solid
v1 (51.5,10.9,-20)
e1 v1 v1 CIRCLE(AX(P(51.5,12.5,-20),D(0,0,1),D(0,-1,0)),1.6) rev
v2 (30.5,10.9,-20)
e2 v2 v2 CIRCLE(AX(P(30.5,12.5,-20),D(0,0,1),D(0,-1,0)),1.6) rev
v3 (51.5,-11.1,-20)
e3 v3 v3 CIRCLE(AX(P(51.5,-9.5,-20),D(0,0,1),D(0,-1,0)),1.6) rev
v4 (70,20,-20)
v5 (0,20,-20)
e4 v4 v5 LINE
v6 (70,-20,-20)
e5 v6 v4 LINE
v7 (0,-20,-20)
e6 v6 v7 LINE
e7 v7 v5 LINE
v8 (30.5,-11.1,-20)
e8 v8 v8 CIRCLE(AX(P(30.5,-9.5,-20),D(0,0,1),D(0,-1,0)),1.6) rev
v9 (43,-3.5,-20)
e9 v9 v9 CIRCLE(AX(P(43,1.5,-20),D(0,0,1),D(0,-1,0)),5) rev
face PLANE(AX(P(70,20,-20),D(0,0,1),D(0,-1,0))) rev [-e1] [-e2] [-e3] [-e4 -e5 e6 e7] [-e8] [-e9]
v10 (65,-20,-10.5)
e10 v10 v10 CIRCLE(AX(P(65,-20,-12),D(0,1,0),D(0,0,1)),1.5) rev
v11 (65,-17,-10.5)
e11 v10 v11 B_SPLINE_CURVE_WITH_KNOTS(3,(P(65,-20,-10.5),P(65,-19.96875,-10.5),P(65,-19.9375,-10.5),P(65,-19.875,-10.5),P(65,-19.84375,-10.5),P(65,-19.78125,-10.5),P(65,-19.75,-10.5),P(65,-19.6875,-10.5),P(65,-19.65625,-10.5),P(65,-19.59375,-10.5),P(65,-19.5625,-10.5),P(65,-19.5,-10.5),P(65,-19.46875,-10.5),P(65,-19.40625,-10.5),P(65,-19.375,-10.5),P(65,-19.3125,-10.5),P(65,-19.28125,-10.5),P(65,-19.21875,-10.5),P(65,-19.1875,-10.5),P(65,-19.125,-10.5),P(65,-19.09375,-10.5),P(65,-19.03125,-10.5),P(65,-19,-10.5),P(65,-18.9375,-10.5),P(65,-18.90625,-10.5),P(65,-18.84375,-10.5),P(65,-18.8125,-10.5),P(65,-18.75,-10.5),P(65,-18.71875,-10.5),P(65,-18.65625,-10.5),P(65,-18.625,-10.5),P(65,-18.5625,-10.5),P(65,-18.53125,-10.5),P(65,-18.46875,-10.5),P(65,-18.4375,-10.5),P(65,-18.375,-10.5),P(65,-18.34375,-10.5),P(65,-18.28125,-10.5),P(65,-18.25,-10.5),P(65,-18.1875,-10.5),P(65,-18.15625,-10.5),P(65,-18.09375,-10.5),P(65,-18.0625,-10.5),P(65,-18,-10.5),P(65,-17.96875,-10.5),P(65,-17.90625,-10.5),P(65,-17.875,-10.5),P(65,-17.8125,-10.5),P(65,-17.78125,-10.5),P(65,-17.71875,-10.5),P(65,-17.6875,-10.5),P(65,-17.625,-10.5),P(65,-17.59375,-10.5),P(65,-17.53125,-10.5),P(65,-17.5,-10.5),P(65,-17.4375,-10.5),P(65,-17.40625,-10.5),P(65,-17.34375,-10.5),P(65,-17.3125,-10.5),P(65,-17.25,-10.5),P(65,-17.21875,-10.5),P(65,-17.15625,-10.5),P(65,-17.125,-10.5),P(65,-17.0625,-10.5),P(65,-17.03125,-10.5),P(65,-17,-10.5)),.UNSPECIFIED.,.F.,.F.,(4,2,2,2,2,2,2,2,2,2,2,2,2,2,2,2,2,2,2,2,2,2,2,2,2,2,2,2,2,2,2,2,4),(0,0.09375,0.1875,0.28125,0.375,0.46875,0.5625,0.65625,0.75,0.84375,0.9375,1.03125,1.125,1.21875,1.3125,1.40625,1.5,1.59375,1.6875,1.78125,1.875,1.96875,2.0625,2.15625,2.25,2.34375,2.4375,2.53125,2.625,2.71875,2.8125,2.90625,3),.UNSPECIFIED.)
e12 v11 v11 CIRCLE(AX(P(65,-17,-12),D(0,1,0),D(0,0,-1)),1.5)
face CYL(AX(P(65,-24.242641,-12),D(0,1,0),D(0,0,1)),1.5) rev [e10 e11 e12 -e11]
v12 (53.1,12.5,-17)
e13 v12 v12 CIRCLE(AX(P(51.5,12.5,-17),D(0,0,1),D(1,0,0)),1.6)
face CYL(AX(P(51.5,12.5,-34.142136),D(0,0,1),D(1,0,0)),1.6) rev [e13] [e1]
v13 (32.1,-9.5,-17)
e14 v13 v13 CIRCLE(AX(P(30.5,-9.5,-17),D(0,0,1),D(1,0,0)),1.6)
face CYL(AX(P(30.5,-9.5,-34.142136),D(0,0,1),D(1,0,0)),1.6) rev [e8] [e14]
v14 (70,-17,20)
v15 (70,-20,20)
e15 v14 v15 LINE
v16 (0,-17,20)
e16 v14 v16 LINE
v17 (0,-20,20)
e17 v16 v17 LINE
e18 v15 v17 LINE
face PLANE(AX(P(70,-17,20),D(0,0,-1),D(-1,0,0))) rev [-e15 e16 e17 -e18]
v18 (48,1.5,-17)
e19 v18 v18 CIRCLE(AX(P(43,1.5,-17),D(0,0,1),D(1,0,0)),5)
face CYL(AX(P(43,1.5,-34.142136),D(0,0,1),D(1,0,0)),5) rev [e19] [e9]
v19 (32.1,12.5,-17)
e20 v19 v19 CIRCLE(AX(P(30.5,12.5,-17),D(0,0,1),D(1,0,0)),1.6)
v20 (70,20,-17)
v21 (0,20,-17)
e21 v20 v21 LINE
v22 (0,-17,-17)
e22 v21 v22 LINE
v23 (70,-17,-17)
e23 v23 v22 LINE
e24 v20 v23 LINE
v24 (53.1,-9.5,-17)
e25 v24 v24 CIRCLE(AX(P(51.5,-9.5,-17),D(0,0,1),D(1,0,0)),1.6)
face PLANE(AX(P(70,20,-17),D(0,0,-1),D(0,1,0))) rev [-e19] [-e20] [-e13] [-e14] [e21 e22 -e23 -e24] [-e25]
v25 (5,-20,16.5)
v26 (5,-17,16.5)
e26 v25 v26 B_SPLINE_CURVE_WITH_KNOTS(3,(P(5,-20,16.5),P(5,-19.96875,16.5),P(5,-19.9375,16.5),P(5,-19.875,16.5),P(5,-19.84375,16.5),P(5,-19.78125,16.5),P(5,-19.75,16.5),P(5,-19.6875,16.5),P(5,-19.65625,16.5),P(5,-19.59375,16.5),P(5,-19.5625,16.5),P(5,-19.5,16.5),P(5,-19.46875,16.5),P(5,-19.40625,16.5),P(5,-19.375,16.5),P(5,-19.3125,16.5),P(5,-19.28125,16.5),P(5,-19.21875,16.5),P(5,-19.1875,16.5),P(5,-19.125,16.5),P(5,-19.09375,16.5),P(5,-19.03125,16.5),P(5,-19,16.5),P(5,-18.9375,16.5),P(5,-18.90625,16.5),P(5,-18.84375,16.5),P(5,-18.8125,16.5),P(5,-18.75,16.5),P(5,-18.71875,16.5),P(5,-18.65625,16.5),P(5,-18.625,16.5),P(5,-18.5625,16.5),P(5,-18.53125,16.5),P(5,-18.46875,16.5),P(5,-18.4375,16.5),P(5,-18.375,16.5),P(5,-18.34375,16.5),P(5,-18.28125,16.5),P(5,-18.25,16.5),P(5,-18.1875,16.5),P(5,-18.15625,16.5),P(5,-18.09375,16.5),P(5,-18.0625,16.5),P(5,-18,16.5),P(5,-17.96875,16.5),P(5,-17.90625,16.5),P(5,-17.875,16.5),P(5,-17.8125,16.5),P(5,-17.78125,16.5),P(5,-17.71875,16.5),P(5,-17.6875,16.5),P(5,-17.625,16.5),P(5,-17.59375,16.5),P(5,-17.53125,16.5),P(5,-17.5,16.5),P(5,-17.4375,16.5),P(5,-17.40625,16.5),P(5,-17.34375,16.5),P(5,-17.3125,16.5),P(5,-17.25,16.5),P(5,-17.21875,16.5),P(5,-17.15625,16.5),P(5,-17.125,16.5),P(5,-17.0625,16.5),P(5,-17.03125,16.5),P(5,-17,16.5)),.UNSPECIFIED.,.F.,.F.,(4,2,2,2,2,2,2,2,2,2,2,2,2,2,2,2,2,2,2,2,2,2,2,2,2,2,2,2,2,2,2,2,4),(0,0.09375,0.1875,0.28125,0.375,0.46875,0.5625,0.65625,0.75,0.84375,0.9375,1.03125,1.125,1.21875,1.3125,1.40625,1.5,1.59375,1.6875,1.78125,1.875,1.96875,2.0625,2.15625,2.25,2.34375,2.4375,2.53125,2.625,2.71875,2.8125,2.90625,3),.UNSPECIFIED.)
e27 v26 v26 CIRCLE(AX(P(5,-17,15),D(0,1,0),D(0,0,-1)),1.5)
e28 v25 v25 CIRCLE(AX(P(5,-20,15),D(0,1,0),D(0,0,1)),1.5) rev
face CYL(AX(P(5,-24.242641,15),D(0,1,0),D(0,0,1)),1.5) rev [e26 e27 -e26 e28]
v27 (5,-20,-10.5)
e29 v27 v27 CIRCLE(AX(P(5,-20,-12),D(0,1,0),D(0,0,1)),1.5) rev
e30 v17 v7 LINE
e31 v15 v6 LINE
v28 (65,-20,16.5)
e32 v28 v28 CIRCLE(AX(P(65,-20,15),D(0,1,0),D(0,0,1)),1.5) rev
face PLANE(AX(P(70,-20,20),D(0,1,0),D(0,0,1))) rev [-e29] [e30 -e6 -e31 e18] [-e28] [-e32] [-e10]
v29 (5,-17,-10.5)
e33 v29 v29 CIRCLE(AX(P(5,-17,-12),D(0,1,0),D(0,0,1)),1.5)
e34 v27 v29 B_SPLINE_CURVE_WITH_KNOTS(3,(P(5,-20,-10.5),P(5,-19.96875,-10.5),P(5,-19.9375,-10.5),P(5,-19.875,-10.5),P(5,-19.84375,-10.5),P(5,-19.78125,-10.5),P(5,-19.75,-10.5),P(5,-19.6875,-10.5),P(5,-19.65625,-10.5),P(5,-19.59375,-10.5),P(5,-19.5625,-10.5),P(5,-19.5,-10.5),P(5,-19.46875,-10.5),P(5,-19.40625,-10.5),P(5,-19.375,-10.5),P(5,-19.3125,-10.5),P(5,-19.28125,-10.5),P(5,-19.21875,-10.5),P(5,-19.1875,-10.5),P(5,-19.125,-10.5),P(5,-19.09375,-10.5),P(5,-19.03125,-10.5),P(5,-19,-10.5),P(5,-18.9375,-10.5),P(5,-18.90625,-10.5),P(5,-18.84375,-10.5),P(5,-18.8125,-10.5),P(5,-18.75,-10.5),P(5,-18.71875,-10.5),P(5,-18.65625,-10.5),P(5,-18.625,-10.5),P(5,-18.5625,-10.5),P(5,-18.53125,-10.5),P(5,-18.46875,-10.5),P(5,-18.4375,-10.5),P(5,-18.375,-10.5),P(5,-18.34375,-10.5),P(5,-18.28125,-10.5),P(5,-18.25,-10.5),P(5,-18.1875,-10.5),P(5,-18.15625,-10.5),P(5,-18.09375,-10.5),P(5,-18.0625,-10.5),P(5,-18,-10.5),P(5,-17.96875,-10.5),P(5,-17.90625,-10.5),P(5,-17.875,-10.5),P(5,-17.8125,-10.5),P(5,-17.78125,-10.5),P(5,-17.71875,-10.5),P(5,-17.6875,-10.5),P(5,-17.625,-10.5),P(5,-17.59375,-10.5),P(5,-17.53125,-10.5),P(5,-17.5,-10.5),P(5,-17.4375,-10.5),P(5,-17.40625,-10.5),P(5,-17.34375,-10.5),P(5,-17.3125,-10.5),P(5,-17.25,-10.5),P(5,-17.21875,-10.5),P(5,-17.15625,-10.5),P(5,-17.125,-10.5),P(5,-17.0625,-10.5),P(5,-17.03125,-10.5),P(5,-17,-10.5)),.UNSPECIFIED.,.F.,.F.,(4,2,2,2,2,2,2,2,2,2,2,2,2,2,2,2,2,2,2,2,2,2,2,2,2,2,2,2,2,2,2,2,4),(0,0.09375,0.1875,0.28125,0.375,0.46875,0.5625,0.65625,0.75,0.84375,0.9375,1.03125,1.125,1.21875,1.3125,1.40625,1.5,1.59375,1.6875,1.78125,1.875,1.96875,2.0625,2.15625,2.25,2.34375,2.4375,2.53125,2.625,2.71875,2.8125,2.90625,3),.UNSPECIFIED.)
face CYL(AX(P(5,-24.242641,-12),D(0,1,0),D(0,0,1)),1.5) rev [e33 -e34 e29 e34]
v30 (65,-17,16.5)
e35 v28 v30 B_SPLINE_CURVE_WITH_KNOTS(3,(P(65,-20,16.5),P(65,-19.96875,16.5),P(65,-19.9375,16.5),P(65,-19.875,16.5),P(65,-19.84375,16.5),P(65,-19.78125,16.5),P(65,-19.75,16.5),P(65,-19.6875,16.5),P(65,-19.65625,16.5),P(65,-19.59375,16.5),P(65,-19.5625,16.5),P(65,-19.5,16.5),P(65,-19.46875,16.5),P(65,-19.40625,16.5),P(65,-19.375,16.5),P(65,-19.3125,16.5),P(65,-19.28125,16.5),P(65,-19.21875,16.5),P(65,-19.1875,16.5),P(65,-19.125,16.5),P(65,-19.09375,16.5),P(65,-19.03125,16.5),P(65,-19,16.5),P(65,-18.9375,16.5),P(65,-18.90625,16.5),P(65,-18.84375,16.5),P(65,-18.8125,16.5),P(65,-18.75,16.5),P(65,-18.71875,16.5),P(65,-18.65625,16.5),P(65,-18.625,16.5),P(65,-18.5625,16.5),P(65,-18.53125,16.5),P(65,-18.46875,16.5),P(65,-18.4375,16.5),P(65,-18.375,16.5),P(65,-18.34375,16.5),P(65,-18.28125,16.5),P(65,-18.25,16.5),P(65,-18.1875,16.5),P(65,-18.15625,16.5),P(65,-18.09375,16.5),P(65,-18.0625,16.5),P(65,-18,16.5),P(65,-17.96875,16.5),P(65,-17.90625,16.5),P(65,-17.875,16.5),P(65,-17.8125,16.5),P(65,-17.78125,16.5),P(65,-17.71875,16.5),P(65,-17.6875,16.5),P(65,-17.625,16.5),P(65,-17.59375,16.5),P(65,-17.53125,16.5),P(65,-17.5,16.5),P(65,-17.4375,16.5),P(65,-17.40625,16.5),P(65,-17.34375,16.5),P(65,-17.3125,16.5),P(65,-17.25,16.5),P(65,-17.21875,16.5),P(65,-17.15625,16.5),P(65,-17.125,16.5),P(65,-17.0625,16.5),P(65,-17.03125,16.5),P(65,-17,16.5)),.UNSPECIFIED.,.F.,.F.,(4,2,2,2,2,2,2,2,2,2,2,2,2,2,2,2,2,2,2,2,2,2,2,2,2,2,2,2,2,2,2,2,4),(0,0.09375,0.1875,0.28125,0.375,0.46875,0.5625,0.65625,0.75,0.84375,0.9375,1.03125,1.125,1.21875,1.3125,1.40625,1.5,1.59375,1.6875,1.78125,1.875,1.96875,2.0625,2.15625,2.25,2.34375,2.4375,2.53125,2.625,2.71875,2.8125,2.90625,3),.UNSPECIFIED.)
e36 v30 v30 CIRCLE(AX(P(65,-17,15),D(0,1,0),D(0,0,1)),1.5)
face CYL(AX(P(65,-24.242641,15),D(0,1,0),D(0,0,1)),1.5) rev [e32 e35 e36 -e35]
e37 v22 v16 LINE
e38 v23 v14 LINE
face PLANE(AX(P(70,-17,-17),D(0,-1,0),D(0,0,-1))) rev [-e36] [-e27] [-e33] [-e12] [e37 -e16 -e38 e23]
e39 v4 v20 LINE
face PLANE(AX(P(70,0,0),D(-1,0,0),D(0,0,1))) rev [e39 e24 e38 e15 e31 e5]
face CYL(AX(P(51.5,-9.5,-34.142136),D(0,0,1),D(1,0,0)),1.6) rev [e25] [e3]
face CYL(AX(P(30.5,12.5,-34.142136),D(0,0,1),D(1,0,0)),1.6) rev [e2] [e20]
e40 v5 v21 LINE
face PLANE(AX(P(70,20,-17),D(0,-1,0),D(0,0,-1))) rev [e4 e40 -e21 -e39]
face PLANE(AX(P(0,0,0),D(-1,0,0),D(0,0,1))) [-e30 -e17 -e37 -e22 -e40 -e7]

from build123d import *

# Parameters (mm, degrees)
EXTRUDE_1_DEPTH     = 70
SKETCH_2_R          = 5
SKETCH_2_R_2        = 1.6
CUT_EXTRUDE_1_DEPTH = 3
SKETCH_3_R          = 1.5
CUT_EXTRUDE_2_DEPTH = 3


with BuildPart() as part:
    # Эскиз1 → Бобышка-Вытянуть1 (new body)
    with BuildSketch(Plane(origin=(0, 0, 0), x_dir=(0, 0, -1), z_dir=(1, 0, 0))):
        Polygon((17, -17), (-20, -17), (-20, -20), (20, -20), (20, 20), (17, 20), align=None)
    extrude(amount=EXTRUDE_1_DEPTH)

    # Эскиз2 → Вырез-Вытянуть1 (cut)
    with BuildSketch(Plane.XY.offset(-17)):
        with Locations((43, 1.5)):
            Circle(SKETCH_2_R)
        with Locations((51.5, 12.5)):
            Circle(SKETCH_2_R_2)
        with Locations((30.5, 12.5)):
            Circle(SKETCH_2_R_2)
        with Locations((30.5, -9.5)):
            Circle(SKETCH_2_R_2)
        with Locations((51.5, -9.5)):
            Circle(SKETCH_2_R_2)
    extrude(amount=-CUT_EXTRUDE_1_DEPTH, mode=Mode.SUBTRACT)

    # Эскиз3 → Вырез-Вытянуть2 (cut)
    with BuildSketch(Plane(origin=(0, -17, 0), x_dir=(1, 0, 0), z_dir=(0, 1, 0))):
        with Locations(Location((65, -15, 0), (0, 0, 270))):
            Circle(SKETCH_3_R)
        with Locations(Location((65, 12, 0), (0, 0, 270))):
            Circle(SKETCH_3_R)
        with Locations(Location((5, -15, 0), (0, 0, 270))):
            Circle(SKETCH_3_R)
        with Locations(Location((5, 12, 0), (0, 0, 270))):
            Circle(SKETCH_3_R)
    extrude(amount=-CUT_EXTRUDE_2_DEPTH, mode=Mode.SUBTRACT)


solid = part.part
